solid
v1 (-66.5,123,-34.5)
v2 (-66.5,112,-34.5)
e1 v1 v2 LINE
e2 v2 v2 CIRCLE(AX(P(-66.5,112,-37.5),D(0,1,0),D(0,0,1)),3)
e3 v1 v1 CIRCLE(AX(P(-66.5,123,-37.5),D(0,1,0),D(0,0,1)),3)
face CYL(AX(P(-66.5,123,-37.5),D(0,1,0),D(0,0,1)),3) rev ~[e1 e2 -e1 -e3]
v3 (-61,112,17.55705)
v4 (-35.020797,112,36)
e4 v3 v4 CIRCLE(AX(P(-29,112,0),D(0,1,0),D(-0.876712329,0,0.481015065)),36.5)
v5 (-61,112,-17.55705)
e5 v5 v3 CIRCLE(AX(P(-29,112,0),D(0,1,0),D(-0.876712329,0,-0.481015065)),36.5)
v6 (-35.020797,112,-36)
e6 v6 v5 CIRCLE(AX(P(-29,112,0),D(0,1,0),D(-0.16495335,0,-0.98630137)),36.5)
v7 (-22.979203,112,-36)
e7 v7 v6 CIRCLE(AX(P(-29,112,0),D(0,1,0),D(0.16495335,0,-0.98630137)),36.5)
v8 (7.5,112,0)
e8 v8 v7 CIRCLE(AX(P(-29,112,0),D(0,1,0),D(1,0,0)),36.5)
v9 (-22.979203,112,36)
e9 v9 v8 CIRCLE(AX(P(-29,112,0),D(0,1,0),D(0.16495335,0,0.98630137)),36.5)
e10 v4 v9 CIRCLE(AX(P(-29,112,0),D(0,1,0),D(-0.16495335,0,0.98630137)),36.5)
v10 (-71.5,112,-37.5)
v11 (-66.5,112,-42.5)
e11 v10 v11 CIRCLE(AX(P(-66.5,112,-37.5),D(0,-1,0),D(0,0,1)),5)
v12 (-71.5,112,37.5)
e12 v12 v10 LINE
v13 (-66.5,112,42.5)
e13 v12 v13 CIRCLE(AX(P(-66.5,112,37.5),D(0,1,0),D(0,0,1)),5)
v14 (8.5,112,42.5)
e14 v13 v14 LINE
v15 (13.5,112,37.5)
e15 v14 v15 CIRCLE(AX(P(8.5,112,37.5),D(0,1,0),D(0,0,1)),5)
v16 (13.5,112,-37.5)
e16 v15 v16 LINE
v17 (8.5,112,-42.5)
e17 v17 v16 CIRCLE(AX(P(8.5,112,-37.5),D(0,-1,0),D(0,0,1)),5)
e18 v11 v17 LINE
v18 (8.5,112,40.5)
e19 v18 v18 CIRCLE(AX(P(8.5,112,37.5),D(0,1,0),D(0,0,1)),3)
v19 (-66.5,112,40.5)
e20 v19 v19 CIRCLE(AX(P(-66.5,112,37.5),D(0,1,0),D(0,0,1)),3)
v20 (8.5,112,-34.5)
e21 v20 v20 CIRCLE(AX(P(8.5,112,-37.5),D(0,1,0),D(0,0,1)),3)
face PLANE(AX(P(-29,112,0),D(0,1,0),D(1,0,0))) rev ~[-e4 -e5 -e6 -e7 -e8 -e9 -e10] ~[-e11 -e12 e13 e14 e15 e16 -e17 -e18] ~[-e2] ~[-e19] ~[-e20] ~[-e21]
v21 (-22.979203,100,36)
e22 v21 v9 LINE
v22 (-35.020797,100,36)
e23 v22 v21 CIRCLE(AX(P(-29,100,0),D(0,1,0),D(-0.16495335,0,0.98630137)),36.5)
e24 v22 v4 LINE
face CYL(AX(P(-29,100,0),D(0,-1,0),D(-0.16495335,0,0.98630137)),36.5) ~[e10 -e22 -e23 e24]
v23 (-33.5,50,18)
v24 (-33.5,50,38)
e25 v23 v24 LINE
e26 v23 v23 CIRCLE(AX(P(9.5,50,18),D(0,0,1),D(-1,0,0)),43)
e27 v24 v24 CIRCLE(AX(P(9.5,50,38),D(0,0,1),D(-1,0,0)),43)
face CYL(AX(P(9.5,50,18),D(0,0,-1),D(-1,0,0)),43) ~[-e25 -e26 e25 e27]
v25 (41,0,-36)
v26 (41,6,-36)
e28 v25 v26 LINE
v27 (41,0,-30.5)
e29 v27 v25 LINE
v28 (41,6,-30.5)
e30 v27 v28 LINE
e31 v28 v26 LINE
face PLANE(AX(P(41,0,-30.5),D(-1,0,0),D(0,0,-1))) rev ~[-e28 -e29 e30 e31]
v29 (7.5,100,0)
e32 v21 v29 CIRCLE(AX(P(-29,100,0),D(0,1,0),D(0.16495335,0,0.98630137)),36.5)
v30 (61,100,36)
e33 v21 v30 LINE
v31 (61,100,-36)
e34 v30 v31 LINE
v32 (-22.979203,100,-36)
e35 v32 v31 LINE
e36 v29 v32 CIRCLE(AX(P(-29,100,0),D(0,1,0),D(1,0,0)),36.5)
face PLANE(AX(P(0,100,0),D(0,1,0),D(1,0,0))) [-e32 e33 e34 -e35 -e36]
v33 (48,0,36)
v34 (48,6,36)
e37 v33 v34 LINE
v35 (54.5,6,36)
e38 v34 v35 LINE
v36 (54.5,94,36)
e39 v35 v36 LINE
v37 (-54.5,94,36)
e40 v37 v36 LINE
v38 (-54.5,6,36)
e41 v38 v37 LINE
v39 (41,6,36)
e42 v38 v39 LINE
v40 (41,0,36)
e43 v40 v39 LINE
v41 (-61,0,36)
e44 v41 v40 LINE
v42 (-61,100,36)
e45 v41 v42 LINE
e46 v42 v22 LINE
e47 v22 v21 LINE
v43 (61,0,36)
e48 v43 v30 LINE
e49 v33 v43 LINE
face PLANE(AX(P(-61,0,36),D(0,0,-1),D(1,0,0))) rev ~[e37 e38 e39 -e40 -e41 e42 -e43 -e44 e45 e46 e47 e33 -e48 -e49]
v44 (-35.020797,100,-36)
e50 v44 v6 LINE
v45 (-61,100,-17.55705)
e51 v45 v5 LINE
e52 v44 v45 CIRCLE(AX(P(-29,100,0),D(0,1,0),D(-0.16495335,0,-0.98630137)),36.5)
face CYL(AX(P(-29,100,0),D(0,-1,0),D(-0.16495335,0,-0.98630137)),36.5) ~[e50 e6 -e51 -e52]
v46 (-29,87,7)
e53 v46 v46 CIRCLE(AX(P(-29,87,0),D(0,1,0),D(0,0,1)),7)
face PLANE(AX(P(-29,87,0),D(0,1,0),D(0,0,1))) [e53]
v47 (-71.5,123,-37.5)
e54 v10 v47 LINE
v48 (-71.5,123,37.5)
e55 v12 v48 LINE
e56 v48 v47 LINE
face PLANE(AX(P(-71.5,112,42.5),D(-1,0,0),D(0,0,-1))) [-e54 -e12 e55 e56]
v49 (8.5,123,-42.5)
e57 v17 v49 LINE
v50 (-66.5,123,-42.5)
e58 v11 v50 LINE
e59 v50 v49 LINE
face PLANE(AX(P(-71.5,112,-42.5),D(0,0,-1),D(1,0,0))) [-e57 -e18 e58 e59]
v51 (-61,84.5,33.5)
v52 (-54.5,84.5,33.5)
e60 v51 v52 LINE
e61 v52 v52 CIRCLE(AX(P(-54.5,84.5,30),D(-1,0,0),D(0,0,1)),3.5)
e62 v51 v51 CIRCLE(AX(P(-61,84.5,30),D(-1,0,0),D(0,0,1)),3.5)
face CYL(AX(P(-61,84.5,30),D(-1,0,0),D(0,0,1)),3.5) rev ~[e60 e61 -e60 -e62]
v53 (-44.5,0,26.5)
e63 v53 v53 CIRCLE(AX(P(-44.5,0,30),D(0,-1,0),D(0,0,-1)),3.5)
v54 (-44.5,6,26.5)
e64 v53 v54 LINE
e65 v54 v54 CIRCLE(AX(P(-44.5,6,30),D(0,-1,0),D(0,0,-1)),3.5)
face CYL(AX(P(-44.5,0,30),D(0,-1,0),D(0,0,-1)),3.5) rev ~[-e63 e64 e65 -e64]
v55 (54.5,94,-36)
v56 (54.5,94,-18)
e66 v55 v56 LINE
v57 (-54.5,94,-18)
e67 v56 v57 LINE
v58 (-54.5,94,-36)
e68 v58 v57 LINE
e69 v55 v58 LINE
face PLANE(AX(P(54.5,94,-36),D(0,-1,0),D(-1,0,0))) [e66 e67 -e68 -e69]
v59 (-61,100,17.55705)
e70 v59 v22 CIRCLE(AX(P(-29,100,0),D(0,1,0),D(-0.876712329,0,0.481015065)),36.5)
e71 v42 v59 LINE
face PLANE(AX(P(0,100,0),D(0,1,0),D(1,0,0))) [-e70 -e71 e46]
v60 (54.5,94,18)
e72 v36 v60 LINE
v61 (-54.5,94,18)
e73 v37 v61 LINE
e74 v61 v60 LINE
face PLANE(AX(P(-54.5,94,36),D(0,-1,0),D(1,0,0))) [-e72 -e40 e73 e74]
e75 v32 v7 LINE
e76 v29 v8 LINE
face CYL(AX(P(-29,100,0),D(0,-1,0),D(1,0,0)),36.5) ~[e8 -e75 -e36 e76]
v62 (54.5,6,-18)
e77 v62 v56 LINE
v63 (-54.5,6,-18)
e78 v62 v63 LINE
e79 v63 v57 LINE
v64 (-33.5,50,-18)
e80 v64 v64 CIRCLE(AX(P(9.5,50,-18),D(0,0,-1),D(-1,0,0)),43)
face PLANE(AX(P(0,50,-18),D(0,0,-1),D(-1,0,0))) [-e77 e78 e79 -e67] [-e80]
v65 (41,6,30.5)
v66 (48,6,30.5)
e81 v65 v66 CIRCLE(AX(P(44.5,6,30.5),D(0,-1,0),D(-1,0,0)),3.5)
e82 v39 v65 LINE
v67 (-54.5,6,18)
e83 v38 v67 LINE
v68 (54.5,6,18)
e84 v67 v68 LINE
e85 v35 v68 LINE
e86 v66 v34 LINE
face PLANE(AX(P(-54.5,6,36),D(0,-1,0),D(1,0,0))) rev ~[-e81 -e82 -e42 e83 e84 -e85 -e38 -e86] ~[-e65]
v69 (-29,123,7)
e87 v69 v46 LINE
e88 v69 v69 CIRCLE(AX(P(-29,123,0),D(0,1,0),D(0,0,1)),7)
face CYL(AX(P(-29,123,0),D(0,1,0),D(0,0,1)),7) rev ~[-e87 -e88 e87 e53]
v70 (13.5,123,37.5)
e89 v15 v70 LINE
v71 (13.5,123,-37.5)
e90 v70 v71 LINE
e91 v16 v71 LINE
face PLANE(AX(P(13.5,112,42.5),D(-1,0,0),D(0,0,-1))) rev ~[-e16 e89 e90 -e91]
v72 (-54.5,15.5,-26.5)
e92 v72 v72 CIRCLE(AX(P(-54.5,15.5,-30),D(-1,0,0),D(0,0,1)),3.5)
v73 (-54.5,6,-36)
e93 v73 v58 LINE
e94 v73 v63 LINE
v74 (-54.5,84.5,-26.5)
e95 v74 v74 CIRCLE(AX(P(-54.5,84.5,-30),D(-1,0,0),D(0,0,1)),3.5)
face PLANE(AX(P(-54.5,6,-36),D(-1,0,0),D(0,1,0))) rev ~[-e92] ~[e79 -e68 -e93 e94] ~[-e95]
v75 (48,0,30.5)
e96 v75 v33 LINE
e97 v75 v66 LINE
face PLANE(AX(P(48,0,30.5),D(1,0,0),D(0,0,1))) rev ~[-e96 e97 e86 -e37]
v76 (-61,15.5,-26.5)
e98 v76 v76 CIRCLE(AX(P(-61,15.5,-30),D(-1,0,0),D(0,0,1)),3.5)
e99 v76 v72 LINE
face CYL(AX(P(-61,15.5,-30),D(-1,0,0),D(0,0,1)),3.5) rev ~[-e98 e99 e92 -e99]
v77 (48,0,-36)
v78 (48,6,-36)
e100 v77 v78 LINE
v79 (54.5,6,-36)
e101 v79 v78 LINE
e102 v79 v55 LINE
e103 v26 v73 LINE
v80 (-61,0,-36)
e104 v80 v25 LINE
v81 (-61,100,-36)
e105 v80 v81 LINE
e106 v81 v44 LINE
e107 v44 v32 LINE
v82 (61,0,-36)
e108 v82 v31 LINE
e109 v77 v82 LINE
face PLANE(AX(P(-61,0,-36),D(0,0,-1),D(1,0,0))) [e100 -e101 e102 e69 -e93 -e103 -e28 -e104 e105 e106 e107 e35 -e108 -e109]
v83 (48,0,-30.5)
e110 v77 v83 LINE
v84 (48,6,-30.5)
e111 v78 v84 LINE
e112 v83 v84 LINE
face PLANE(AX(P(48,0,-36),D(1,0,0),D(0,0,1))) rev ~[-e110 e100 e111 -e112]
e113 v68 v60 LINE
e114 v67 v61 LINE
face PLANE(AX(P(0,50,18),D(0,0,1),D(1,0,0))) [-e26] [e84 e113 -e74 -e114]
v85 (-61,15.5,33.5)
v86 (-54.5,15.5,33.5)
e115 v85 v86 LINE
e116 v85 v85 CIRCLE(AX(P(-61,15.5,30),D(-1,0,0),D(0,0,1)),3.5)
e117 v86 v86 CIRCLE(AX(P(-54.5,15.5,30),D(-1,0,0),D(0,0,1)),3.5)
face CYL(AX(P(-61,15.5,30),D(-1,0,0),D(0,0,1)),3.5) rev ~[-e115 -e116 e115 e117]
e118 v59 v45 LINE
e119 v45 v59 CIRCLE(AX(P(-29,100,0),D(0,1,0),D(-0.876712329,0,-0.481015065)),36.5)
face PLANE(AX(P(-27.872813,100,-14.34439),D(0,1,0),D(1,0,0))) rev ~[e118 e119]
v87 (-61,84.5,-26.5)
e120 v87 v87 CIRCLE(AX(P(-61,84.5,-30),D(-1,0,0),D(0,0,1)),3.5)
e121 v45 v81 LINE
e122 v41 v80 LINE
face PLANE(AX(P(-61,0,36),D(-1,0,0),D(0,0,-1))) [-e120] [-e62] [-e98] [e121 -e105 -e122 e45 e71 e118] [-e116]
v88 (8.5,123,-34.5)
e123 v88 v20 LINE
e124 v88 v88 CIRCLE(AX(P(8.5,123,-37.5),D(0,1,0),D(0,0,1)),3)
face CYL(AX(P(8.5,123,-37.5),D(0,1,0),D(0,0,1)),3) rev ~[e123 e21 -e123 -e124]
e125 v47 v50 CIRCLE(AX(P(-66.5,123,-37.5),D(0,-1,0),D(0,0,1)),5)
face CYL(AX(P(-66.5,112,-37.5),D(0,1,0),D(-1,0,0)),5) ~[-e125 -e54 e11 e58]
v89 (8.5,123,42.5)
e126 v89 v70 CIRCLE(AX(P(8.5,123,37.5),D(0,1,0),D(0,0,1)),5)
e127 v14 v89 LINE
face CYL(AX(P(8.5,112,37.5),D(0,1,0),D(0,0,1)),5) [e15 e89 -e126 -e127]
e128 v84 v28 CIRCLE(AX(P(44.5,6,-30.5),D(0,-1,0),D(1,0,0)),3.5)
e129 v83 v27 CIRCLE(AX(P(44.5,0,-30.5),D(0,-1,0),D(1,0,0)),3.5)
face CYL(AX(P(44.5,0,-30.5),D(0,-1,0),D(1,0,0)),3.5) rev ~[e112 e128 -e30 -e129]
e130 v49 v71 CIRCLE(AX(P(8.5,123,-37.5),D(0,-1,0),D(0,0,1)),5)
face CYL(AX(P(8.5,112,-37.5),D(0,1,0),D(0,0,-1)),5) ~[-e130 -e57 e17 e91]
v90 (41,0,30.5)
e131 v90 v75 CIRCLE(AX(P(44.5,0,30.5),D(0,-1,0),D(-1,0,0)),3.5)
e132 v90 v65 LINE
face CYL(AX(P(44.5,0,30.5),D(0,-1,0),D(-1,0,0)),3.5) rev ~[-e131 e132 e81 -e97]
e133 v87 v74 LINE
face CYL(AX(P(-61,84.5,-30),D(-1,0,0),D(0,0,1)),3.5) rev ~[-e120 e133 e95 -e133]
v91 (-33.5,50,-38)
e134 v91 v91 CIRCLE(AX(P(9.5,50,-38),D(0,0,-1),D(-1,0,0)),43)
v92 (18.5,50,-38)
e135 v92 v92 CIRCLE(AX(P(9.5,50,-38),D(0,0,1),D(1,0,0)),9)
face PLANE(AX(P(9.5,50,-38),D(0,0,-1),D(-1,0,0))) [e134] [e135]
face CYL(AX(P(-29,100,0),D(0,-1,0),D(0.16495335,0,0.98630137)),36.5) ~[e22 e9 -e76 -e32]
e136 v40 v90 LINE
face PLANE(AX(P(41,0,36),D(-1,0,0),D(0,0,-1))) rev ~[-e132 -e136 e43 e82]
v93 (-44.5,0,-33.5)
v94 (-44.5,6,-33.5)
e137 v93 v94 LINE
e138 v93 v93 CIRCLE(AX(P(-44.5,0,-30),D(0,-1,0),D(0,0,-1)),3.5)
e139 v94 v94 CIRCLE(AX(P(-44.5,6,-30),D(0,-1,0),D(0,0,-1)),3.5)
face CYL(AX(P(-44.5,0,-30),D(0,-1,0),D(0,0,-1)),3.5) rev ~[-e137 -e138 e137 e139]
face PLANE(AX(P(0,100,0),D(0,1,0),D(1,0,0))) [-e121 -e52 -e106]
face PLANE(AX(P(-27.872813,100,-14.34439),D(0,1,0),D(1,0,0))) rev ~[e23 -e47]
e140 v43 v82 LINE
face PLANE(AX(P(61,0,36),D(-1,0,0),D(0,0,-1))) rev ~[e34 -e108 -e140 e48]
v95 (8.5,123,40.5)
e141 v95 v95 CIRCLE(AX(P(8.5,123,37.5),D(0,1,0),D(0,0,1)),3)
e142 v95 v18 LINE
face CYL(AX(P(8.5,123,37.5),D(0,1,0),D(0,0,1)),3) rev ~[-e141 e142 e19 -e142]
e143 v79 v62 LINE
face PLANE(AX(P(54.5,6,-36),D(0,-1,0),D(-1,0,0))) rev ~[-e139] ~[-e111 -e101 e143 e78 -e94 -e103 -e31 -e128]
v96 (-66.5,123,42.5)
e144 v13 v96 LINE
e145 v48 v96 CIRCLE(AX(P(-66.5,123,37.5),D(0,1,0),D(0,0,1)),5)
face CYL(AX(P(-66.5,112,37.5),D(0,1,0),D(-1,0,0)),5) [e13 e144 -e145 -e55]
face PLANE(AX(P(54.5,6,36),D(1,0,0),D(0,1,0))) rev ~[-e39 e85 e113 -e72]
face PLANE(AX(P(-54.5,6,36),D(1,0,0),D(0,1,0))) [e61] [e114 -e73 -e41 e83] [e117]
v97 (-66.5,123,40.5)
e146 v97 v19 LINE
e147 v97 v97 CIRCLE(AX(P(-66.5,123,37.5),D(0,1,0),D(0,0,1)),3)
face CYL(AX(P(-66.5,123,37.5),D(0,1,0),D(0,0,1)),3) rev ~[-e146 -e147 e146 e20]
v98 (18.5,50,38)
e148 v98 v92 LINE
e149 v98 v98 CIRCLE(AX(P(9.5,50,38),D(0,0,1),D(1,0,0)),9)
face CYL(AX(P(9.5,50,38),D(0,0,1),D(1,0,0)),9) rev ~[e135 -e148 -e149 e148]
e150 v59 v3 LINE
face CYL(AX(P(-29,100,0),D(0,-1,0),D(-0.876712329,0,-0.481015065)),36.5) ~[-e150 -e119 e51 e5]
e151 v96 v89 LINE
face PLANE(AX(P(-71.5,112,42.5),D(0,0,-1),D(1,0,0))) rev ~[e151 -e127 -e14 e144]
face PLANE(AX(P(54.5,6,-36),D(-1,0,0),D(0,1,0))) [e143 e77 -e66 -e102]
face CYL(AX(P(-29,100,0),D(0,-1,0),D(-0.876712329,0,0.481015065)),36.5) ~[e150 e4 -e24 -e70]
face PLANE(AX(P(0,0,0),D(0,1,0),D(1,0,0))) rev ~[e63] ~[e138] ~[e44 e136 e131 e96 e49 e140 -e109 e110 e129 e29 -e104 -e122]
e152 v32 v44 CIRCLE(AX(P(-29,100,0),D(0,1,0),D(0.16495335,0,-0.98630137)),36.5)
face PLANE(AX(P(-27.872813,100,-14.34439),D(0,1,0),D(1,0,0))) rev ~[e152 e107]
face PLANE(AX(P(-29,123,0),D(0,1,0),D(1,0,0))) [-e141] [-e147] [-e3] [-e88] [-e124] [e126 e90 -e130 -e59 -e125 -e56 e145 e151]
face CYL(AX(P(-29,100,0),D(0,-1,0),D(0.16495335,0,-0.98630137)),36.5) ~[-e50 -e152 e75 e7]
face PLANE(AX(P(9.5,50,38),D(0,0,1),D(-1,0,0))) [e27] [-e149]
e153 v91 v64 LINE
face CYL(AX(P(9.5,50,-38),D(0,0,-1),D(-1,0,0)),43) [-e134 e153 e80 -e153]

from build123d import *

# Parameters (mm, degrees)
CROQUIS2_W              = 122
CROQUIS2_H              = 72
SALIENTE_EXTRUIR1_DEPTH = 100
CROQUIS3_W              = 109
CROQUIS3_H              = 88
CORTAR_EXTRUIR1_DEPTH   = 18
CROQUIS4_W              = 109
CROQUIS4_H              = 88
CORTAR_EXTRUIR2_DEPTH   = 18
SALIENTE_EXTRUIR2_DEPTH = 12
CROQUIS6_W              = 85
CROQUIS6_H              = 85
SALIENTE_EXTRUIR3_DEPTH = 11
CROQUIS7_R              = 43
SALIENTE_EXTRUIR7_DEPTH = 20
SALIENTE_EXTRUIR8_START = 20
CROQUIS8_R              = 43
SALIENTE_EXTRUIR8_DEPTH = 20
CROQUIS9_R              = 9
CORTAR_EXTRUIR3_DEPTH   = 76
CROQUIS10_R             = 3.5
CORTAR_EXTRUIR5_DEPTH   = 6
CROQUIS11_R             = 3.5
CORTAR_EXTRUIR6_DEPTH   = 6.5
CROQUIS12_R             = 7
CORTAR_EXTRUIR7_DEPTH   = 36
CROQUIS13_R             = 3
CORTAR_EXTRUIR8_DEPTH   = 11
REDONDEO2_R             = 5


with BuildPart() as part:
    # Croquis2 → Saliente-Extruir1 (new body)
    with BuildSketch(Plane(origin=(0, 0, 0), x_dir=(1, 0, 0), z_dir=(0, 1, 0))):
        Rectangle(CROQUIS2_W, CROQUIS2_H)
    extrude(amount=SALIENTE_EXTRUIR1_DEPTH)

    # Croquis3 → Cortar-Extruir1 (cut)
    with BuildSketch(Plane(origin=(0, 0, -36), x_dir=(-1, 0, 0), z_dir=(0, 0, -1))):
        with Locations((0, 50)):
            Rectangle(CROQUIS3_W, CROQUIS3_H)
    extrude(amount=-CORTAR_EXTRUIR1_DEPTH, mode=Mode.SUBTRACT)

    # Croquis4 → Cortar-Extruir2 (cut)
    with BuildSketch(Plane.XY.offset(36)):
        with Locations((0, 50)):
            Rectangle(CROQUIS4_W, CROQUIS4_H)
    extrude(amount=-CORTAR_EXTRUIR2_DEPTH, mode=Mode.SUBTRACT)

    # Croquis5 → Saliente-Extruir2 (add)
    with BuildSketch(Plane(origin=(0, 100, 0), x_dir=(1, 0, 0), z_dir=(0, 1, 0))):
        with BuildLine():
            Line((-61, 17.557049866), (-61, 0))
            Line((-61, 0), (-29, 0))
            Line((-29, 0), (7.5, 0))
            ThreePointArc((7.5, 0), (-1.143141768, 23.584856359), (-22.979202711, 36))
            Line((-22.979202711, 36), (-35.020797289, 36))
            ThreePointArc((-35.020797289, 36), (-50.128910503, 29.762713938), (-61, 17.557049866))
        make_face()
        with BuildLine():
            Line((-61, -17.557049866), (-61, 0))
            Line((-61, 0), (-61, 17.557049866))
            ThreePointArc((-61, 17.557049866), (-65.5, 0), (-61, -17.557049866))
        make_face()
        with BuildLine():
            Line((-29, 0), (-61, 0))
            Line((-61, 0), (-61, -17.557049866))
            ThreePointArc((-61, -17.557049866), (-50.128910503, -29.762713938), (-35.020797289, -36))
            Line((-35.020797289, -36), (-22.979202711, -36))
            ThreePointArc((-22.979202711, -36), (-1.143141768, -23.584856359), (7.5, 0))
            Line((7.5, 0), (-29, 0))
        make_face()
        with BuildLine():
            Line((-22.979202711, -36), (-35.020797289, -36))
            ThreePointArc((-35.020797289, -36), (-29, -36.5), (-22.979202711, -36))
        make_face()
        with BuildLine():
            ThreePointArc((-22.979202711, 36), (-29, 36.5), (-35.020797289, 36))
            Line((-35.020797289, 36), (-22.979202711, 36))
        make_face()
    extrude(amount=SALIENTE_EXTRUIR2_DEPTH)

    # Croquis6 → Saliente-Extruir3 (add)
    with BuildSketch(Plane(origin=(0, 112, 0), x_dir=(1, 0, 0), z_dir=(0, 1, 0))):
        with Locations((-29, 0)):
            Rectangle(CROQUIS6_W, CROQUIS6_H)
    extrude(amount=SALIENTE_EXTRUIR3_DEPTH)

    # Croquis7 → Saliente-Extruir7 (add)
    with BuildSketch(Plane.XY.offset(18)):
        with Locations(Location((9.5, 50, 0), (0, 0, 180))):
            Circle(CROQUIS7_R)
    extrude(amount=SALIENTE_EXTRUIR7_DEPTH)

    # Croquis8 → Saliente-Extruir8 (add)
    with BuildSketch(Plane(origin=(0, 0, -18), x_dir=(-1, 0, 0), z_dir=(0, 0, -1)).offset(SALIENTE_EXTRUIR8_START)):
        with Locations((-9.5, 50)):
            Circle(CROQUIS8_R)
    extrude(amount=-SALIENTE_EXTRUIR8_DEPTH)

    # Croquis9 → Cortar-Extruir3 (cut)
    with BuildSketch(Plane.XY.offset(38)):
        with Locations((9.5, 50)):
            Circle(CROQUIS9_R)
    extrude(amount=-CORTAR_EXTRUIR3_DEPTH, mode=Mode.SUBTRACT)

    # Croquis10 → Cortar-Extruir5 (cut)
    with BuildSketch(Plane.XZ):
        with BuildLine():
            Line((48, 36), (41, 36))
            Line((41, 36), (41, 30.5))
            ThreePointArc((41, 30.5), (44.5, 27), (48, 30.5))
            Line((48, 30.5), (48, 36))
        make_face()
        with BuildLine():
            Line((41, -30.5), (41, -36))
            Line((41, -36), (48, -36))
            Line((48, -36), (48, -30.5))
            ThreePointArc((48, -30.5), (44.5, -27), (41, -30.5))
        make_face()
        with Locations(Location((-44.5, -30, 0), (0, 0, 270))):
            Circle(CROQUIS10_R)
        with Locations(Location((-44.5, 30, 0), (0, 0, 270))):
            Circle(CROQUIS10_R)
    extrude(amount=-CORTAR_EXTRUIR5_DEPTH, mode=Mode.SUBTRACT)

    # Croquis11 → Cortar-Extruir6 (cut)
    with BuildSketch(Plane.ZY.offset(61)):
        with Locations((-30, 84.5)):
            Circle(CROQUIS11_R)
        with Locations((30, 84.5)):
            Circle(CROQUIS11_R)
        with Locations((-30, 15.5)):
            Circle(CROQUIS11_R)
        with Locations((30, 15.5)):
            Circle(CROQUIS11_R)
    extrude(amount=-CORTAR_EXTRUIR6_DEPTH, mode=Mode.SUBTRACT)

    # Croquis12 → Cortar-Extruir7 (cut)
    with BuildSketch(Plane(origin=(0, 123, 0), x_dir=(1, 0, 0), z_dir=(0, 1, 0))):
        with Locations(Location((-29, 0, 0), (0, 0, 270))):
            Circle(CROQUIS12_R)
    extrude(amount=-CORTAR_EXTRUIR7_DEPTH, mode=Mode.SUBTRACT)

    # Croquis13 → Cortar-Extruir8 (cut)
    with BuildSketch(Plane(origin=(0, 123, 0), x_dir=(1, 0, 0), z_dir=(0, 1, 0))):
        with Locations(Location((-66.5, 37.5, 0), (0, 0, 270))):
            Circle(CROQUIS13_R)
        with Locations(Location((8.5, 37.5, 0), (0, 0, 270))):
            Circle(CROQUIS13_R)
        with Locations(Location((-66.5, -37.5, 0), (0, 0, 270))):
            Circle(CROQUIS13_R)
        with Locations(Location((8.5, -37.5, 0), (0, 0, 270))):
            Circle(CROQUIS13_R)
    extrude(amount=-CORTAR_EXTRUIR8_DEPTH, mode=Mode.SUBTRACT)

    # Redondeo2
    redondeo2_edges = [part.edges().sort_by_distance(p)[0] for p in [
        (13.5, 117.5, 42.5),
        (13.5, 117.5, -42.5),
        (-71.5, 117.5, -42.5),
        (-71.5, 117.5, 42.5),
    ]]
    fillet(redondeo2_edges, radius=REDONDEO2_R)


solid = part.part
